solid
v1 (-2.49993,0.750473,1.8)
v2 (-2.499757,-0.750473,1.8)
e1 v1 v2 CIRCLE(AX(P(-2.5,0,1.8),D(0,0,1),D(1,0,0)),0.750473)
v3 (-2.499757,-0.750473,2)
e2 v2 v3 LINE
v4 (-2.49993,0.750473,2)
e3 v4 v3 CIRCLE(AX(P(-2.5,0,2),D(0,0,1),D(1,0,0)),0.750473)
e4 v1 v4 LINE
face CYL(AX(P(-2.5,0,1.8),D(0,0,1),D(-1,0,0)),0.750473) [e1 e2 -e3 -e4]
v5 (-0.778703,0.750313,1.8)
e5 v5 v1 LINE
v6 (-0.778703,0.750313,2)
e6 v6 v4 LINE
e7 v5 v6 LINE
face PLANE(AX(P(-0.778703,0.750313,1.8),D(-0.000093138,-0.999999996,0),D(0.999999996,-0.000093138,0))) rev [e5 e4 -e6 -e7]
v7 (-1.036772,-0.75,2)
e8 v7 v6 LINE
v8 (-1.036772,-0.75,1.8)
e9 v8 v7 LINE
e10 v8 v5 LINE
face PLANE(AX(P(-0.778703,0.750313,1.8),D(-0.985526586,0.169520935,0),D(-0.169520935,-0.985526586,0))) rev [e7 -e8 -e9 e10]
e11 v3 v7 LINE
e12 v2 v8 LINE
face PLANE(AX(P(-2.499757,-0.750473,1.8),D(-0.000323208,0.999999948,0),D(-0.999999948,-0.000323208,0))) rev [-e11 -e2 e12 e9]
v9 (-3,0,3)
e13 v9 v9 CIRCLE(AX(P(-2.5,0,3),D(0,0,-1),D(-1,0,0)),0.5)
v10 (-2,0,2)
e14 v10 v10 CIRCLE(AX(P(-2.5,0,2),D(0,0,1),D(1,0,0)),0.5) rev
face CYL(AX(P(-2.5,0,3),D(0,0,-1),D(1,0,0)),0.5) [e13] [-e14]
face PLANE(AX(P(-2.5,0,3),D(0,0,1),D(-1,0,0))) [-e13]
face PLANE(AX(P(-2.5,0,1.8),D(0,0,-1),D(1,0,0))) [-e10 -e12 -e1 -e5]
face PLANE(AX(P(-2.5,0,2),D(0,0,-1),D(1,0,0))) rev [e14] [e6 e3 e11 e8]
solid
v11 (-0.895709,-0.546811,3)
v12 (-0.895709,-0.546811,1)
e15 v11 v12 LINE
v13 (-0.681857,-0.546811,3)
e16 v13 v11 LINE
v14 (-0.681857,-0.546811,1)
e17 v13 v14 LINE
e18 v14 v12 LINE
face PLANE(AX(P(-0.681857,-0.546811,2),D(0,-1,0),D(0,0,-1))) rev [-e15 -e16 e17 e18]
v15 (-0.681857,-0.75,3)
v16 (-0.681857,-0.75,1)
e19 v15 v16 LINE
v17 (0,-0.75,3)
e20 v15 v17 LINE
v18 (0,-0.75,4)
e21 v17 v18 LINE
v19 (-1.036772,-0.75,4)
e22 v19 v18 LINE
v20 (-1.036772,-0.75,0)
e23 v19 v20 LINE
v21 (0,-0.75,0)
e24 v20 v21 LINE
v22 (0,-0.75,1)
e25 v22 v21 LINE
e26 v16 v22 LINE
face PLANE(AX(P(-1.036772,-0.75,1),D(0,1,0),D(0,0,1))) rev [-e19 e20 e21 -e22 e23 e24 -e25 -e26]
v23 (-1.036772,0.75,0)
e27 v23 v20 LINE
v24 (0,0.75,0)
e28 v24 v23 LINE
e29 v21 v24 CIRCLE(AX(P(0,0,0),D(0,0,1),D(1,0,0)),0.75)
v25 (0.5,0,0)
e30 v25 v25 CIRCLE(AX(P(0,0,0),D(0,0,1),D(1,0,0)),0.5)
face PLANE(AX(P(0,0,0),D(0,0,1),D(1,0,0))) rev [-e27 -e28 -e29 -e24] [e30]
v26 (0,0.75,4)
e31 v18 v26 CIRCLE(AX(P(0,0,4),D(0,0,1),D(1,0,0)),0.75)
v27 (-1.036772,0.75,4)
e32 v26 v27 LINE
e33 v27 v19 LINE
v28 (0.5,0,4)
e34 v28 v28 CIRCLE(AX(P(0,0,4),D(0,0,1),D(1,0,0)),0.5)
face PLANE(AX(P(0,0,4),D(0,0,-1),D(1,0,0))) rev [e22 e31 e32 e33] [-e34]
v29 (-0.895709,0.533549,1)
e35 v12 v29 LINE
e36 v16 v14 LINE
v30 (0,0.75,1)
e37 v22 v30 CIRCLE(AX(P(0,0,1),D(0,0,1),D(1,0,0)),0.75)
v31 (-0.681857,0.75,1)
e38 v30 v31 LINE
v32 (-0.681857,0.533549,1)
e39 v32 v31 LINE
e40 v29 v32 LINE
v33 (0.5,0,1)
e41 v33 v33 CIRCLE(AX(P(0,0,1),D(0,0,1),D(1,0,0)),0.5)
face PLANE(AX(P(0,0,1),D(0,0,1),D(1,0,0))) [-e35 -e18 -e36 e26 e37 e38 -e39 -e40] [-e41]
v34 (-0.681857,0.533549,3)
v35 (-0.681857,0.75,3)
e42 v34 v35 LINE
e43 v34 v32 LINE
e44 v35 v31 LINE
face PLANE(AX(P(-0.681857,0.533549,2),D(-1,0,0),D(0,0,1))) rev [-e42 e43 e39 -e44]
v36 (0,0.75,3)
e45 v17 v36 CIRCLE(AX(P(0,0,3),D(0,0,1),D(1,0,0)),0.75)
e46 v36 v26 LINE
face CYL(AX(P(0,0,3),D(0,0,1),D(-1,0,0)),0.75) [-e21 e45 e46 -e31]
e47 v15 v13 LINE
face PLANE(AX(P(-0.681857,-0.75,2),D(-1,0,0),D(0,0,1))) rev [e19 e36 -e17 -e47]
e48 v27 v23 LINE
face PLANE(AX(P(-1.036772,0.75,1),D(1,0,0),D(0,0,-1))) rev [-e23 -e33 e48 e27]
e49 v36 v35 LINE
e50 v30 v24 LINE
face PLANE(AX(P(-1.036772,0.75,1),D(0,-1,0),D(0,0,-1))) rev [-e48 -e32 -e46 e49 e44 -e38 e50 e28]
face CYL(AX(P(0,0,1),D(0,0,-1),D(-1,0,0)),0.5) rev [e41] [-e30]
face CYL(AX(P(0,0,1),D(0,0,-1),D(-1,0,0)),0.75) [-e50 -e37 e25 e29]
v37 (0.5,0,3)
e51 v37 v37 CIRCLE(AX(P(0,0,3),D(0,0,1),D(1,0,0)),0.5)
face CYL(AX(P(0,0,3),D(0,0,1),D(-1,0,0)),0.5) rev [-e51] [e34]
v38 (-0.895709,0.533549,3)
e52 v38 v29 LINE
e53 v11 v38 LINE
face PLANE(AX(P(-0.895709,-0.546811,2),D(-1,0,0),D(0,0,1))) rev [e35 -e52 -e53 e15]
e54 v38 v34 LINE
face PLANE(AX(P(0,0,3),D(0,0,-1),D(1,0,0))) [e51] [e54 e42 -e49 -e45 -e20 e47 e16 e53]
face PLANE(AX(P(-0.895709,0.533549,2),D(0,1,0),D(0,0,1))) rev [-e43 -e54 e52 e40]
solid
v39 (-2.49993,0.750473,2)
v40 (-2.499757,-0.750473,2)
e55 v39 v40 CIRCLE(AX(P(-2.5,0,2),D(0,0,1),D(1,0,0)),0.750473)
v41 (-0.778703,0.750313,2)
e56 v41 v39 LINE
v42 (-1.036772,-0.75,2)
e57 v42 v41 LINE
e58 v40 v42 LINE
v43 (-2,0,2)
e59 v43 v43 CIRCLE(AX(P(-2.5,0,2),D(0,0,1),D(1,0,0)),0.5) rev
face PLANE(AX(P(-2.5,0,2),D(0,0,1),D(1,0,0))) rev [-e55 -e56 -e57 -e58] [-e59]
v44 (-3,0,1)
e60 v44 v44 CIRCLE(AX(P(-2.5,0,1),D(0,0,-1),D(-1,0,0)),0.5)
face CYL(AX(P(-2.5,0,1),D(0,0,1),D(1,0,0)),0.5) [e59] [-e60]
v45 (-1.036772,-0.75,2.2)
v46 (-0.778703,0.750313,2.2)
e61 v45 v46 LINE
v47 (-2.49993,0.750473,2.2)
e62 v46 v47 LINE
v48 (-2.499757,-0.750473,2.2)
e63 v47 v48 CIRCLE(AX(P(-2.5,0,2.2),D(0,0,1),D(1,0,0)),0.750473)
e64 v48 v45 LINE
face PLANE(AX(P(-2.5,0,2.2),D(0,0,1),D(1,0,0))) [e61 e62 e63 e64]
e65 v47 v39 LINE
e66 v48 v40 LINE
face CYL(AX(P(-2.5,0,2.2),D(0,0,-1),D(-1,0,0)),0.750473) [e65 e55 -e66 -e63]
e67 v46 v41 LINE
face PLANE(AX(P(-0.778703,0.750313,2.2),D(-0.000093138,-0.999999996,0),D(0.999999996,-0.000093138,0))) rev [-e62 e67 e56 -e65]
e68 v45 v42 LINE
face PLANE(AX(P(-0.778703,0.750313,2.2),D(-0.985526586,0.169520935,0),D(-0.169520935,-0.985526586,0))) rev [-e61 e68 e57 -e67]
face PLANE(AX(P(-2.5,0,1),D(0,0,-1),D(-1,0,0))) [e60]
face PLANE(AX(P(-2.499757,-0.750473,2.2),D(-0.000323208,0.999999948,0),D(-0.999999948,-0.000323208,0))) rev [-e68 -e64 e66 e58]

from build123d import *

# Parameters (mm, degrees)
SKETCH1_R           = 0.5
BOSS_EXTRUDE1_DEPTH = 1
BOSS_EXTRUDE2_DEPTH = 1
BOSS_EXTRUDE4_DEPTH = 0.2
SKETCH5_R           = 0.5
BOSS_EXTRUDE5_DEPTH = 1


with BuildPart() as part:
    # Sketch1 → Boss-Extrude1 (new body)
    with BuildSketch(Plane.XY):
        with BuildLine():
            Line((-1.036772363, 0.75), (0, 0.75))
            ThreePointArc((0, 0.75), (0.75, 0), (0, -0.75))
            Line((0, -0.75), (-1.036772363, -0.75))
            Line((-1.036772363, -0.75), (-1.036772363, 0.75))
        make_face()
        Circle(SKETCH1_R, mode=Mode.SUBTRACT)
    extrude(amount=BOSS_EXTRUDE1_DEPTH)

    # Sketch2 → Boss-Extrude2 (add)
    with BuildSketch(Plane.XY.offset(1)):
        Polygon((-0.681856946, 0.75), (-1.036772363, 0.75), (-1.036772363, -0.75), (-0.681856946, -0.75), (-0.681856946, -0.546810509), (-0.895709018, -0.546810509), (-0.895709018, 0.533549045), (-0.681856946, 0.533549045), align=None)
    extrude(amount=BOSS_EXTRUDE2_DEPTH)

    # Mirror4: part across plane


with BuildPart() as part_1:
    add(part.part)
    add(part.part.mirror(Plane.XY.offset(2)))


with BuildPart() as body_2:
    # Sketch4 → Boss-Extrude4 (new body)
    with BuildSketch(Plane.XY.offset(2)):
        with BuildLine():
            Line((-0.778702826, 0.750312574), (-2.499930103, 0.750472884))
            ThreePointArc((-2.499930103, 0.750472884), (-3.250472883, -8.6331e-05), (-2.499757441, -0.750472849))
            Line((-2.499757441, -0.750472849), (-1.036772363, -0.75))
            Line((-1.036772363, -0.75), (-0.778702826, 0.750312574))
        make_face()
    extrude(amount=BOSS_EXTRUDE4_DEPTH)

    # Sketch5 → Boss-Extrude5 (add)
    with BuildSketch(Plane(origin=(0, 0, 2), x_dir=(-1, 0, 0), z_dir=(0, 0, -1))):
        with Locations((2.5, 0)):
            Circle(SKETCH5_R)
    extrude(amount=BOSS_EXTRUDE5_DEPTH)


with BuildPart() as body_3:
    # Mirror5: mirrored copy
    add(body_2.part.mirror(Plane.XY.offset(2)))


solid = Compound([part_1.part, body_2.part, body_3.part])
